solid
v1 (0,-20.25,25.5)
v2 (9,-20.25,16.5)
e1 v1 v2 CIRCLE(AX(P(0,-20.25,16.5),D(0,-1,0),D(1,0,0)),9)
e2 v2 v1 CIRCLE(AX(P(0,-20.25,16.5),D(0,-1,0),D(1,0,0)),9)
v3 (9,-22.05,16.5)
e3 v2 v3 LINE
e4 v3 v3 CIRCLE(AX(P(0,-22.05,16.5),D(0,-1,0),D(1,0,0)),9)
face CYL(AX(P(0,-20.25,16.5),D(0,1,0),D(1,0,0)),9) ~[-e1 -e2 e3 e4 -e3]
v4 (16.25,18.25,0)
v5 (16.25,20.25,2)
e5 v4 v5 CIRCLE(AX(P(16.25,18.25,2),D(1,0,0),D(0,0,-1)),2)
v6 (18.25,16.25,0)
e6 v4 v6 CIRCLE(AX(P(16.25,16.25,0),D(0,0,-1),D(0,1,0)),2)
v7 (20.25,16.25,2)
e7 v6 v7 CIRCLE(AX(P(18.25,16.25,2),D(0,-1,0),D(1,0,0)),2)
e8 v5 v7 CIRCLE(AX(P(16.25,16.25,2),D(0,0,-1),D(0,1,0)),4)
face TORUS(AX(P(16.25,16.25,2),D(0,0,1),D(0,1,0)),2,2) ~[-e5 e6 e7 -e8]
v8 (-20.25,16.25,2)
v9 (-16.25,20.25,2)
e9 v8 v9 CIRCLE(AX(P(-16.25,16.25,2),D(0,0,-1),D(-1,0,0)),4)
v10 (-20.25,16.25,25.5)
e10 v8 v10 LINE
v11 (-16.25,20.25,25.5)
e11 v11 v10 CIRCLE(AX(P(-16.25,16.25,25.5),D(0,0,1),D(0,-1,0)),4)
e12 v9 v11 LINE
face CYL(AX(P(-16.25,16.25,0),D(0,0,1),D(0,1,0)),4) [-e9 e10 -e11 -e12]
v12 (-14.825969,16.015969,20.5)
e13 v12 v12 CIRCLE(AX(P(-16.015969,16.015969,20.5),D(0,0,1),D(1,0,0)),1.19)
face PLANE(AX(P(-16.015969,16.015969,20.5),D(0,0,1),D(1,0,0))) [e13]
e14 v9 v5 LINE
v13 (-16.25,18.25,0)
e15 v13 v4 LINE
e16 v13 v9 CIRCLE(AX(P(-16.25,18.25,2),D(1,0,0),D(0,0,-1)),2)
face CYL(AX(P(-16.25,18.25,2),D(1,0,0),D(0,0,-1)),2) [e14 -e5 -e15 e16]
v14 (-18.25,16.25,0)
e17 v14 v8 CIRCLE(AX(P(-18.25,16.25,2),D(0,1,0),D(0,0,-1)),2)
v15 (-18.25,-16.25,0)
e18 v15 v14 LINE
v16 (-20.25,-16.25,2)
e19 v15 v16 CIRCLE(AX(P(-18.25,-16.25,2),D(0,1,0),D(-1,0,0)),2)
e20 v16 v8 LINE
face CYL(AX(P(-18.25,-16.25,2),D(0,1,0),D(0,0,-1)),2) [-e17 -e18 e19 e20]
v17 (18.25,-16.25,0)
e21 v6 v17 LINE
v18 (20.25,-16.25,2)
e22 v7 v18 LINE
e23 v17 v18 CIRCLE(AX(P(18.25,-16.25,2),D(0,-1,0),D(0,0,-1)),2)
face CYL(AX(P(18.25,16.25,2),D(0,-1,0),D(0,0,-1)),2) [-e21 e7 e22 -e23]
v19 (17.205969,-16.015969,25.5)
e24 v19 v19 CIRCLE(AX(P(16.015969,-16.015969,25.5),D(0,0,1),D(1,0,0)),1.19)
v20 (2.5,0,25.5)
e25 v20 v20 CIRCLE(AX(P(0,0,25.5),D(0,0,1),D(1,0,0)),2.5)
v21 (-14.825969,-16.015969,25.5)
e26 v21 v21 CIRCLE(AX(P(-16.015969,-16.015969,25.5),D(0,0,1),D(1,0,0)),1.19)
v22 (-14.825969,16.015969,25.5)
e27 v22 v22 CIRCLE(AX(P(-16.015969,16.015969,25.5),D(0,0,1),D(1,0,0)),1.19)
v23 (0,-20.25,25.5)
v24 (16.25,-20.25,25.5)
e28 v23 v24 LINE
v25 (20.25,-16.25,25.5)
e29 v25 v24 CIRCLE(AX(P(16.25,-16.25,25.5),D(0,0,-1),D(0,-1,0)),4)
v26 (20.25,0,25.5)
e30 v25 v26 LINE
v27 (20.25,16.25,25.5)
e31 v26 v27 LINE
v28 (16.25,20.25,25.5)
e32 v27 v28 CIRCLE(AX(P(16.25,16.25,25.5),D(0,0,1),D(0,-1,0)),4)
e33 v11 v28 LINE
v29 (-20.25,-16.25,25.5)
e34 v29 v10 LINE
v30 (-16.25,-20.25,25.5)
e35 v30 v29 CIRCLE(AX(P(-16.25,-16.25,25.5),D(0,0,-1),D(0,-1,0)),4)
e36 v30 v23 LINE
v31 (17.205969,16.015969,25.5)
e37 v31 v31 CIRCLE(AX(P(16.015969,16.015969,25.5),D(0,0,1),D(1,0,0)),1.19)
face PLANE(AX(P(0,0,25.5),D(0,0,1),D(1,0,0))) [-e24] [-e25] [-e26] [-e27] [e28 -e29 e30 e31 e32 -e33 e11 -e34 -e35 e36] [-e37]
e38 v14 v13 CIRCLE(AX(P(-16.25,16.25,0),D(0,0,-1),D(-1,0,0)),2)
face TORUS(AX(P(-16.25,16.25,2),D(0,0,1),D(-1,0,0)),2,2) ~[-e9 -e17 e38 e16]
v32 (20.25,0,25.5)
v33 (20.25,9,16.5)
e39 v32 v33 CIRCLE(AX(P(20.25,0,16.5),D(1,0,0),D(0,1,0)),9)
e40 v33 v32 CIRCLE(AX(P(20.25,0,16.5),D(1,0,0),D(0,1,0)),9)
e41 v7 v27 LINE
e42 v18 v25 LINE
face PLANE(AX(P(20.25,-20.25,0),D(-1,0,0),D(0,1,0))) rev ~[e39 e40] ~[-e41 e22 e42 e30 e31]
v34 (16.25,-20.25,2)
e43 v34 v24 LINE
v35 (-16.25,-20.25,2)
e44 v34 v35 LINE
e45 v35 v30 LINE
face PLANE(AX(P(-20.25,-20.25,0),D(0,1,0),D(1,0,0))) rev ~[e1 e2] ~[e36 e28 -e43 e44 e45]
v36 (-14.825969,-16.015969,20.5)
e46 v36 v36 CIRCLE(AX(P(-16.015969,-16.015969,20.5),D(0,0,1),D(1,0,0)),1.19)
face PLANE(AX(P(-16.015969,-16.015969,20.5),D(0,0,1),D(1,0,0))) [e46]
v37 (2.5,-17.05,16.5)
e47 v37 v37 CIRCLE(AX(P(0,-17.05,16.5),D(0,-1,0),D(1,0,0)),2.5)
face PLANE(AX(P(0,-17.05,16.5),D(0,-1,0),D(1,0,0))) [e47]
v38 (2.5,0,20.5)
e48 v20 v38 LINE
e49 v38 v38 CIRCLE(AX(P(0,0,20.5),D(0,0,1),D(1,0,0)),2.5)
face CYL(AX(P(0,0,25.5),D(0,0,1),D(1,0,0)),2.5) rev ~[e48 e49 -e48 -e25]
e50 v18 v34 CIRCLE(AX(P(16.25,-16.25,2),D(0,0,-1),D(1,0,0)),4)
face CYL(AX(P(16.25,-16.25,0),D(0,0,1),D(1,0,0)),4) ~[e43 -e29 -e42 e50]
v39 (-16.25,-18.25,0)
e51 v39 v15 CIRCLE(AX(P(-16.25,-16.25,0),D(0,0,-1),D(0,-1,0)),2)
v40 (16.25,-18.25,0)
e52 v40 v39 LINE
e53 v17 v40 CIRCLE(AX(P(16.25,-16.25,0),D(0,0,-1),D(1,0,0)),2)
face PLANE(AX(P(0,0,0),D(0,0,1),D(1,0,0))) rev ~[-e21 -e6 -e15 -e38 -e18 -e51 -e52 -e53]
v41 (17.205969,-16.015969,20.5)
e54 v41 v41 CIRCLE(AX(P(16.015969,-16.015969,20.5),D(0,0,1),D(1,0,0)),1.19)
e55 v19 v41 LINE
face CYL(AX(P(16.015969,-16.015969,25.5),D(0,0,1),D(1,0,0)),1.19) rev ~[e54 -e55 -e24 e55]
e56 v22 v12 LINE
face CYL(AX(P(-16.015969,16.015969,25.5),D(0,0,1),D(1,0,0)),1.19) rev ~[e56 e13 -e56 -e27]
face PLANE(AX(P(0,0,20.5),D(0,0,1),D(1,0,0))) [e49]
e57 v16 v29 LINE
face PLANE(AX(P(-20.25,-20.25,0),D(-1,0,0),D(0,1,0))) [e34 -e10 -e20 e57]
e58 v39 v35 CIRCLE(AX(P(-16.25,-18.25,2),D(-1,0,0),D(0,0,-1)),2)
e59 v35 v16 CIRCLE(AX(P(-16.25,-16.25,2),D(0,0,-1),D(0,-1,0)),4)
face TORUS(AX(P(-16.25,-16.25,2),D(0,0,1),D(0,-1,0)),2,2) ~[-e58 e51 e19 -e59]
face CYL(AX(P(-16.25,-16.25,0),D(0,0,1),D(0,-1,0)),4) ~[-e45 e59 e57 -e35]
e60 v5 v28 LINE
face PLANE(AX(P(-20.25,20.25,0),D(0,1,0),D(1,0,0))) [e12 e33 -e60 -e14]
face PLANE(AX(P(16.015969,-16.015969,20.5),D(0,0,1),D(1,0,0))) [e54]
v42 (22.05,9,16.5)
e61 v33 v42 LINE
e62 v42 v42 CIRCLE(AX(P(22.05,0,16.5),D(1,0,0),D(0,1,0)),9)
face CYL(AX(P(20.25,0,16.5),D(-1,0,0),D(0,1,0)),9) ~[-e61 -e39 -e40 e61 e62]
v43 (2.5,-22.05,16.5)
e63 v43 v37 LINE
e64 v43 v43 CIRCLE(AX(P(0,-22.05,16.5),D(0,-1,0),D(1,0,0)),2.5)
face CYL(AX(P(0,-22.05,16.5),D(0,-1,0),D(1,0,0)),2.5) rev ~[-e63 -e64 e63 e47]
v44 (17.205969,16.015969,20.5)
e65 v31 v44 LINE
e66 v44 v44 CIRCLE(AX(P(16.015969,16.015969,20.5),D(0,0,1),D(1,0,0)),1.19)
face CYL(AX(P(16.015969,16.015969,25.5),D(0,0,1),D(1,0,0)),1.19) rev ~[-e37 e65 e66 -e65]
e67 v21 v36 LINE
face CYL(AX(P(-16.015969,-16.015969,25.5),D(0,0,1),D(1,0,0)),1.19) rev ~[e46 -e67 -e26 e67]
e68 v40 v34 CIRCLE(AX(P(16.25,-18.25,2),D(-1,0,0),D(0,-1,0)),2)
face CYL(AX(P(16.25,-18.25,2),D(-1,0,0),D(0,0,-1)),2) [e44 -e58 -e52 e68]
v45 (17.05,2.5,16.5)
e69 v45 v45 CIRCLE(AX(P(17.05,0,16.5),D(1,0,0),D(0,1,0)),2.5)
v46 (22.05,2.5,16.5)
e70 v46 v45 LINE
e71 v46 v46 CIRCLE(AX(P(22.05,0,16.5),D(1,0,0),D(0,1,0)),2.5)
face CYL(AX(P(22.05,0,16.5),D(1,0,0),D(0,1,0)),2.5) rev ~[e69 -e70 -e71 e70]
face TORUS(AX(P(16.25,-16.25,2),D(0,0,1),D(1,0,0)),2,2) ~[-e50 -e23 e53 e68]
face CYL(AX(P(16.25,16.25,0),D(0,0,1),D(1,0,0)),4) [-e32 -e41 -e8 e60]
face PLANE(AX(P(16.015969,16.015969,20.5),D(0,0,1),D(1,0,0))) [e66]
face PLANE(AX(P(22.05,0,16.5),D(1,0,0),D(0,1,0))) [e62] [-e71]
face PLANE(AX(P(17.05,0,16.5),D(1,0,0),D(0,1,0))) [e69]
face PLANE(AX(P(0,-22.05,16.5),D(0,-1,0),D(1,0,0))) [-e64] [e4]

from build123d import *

# Parameters (mm, degrees)
SKETCH_W              = 40.5
SKETCH_H              = 40.5
PAD_DEPTH             = 25.5
SKETCH001_R           = 9
PAD001_DEPTH          = 1.8
POLARPATTERN_COUNT    = 2
POLARPATTERN_ANGLE    = 90
SKETCH002_R           = 2.5
POCKET_DEPTH          = 5
POLARPATTERN001_COUNT = 2
POLARPATTERN001_ANGLE = 90
SKETCH003_R           = 2.5
SKETCH003_R_2         = 1.19
POCKET001_DEPTH       = 5
POCKET002_DEPTH       = 5
FILLET_R              = 4
FILLET001_R           = 2


with BuildPart() as part:
    # Sketch → Pad (new body)
    with BuildSketch(Plane.XY):
        Rectangle(SKETCH_W, SKETCH_H)
    extrude(amount=PAD_DEPTH)

    # Sketch001 (on Face3 of Pad) → Pad001 (join)
    with BuildSketch(Plane.XZ.offset(20.25)):
        with Locations((0, 16.5)):
            Circle(SKETCH001_R)
    pad001 = extrude(amount=PAD001_DEPTH)

    # PolarPattern: Pad001 ×2 about axis
    polarpattern_axis = Axis((0, 0, 0), (0, 0, 1))
    for i in range(1, POLARPATTERN_COUNT):
        add(pad001.rotate(polarpattern_axis, i * POLARPATTERN_ANGLE / (POLARPATTERN_COUNT - 1)))

    # Sketch002 (on Face10 of PolarPattern) → Pocket (cut)
    with BuildSketch(Plane.XZ.offset(22.05)):
        with Locations((0, 16.5)):
            Circle(SKETCH002_R)
    pocket = extrude(amount=-POCKET_DEPTH, mode=Mode.SUBTRACT)

    # PolarPattern001: Pocket ×2 about axis
    polarpattern001_axis = Axis((0, 0, 0), (0, 0, 1))
    for i in range(1, POLARPATTERN001_COUNT):
        add(pocket.rotate(polarpattern001_axis, i * POLARPATTERN001_ANGLE / (POLARPATTERN001_COUNT - 1)), mode=Mode.SUBTRACT)

    # Sketch003 (on Face5 of PolarPattern001) → Pocket001 (cut)
    with BuildSketch(Plane.XY.offset(25.5)):
        Circle(SKETCH003_R)
        with Locations((-16.015969, 16.015969)):
            Circle(SKETCH003_R_2)
        with Locations((16.015969, 16.015969)):
            Circle(SKETCH003_R_2)
        with Locations((-16.015969, -16.015969)):
            Circle(SKETCH003_R_2)
        with Locations((16.015969, -16.015969)):
            Circle(SKETCH003_R_2)
    extrude(amount=-POCKET001_DEPTH, mode=Mode.SUBTRACT)

    # Sketch003 (on Face5 of PolarPattern001) → Pocket002 (cut)
    with BuildSketch(Plane.XY.offset(25.5)):
        Circle(SKETCH003_R)
        with Locations((-16.015969, 16.015969)):
            Circle(SKETCH003_R_2)
        with Locations((16.015969, 16.015969)):
            Circle(SKETCH003_R_2)
        with Locations((-16.015969, -16.015969)):
            Circle(SKETCH003_R_2)
        with Locations((16.015969, -16.015969)):
            Circle(SKETCH003_R_2)
    extrude(amount=-POCKET002_DEPTH, mode=Mode.SUBTRACT)

    # Fillet
    fillet_edges = [part.edges().sort_by_distance(p)[0] for p in [
        (20.25, 20.25, 12.75),
        (20.25, -20.25, 12.75),
        (-20.25, -20.25, 12.75),
        (-20.25, 20.25, 12.75),
    ]]
    fillet(fillet_edges, radius=FILLET_R)

    # Fillet001
    fillet001_edges = [part.edges().sort_by_distance(p)[0] for p in [
        (0, 20.25, 0),
        (-19.078427, 19.078427, 0),
        (19.078427, 19.078427, 0),
        (-20.25, 0, 0),
        (20.25, 0, 0),
        (-19.078427, -19.078427, 0),
        (19.078427, -19.078427, 0),
        (0, -20.25, 0),
    ]]
    fillet(fillet001_edges, radius=FILLET001_R)


solid = part.part
